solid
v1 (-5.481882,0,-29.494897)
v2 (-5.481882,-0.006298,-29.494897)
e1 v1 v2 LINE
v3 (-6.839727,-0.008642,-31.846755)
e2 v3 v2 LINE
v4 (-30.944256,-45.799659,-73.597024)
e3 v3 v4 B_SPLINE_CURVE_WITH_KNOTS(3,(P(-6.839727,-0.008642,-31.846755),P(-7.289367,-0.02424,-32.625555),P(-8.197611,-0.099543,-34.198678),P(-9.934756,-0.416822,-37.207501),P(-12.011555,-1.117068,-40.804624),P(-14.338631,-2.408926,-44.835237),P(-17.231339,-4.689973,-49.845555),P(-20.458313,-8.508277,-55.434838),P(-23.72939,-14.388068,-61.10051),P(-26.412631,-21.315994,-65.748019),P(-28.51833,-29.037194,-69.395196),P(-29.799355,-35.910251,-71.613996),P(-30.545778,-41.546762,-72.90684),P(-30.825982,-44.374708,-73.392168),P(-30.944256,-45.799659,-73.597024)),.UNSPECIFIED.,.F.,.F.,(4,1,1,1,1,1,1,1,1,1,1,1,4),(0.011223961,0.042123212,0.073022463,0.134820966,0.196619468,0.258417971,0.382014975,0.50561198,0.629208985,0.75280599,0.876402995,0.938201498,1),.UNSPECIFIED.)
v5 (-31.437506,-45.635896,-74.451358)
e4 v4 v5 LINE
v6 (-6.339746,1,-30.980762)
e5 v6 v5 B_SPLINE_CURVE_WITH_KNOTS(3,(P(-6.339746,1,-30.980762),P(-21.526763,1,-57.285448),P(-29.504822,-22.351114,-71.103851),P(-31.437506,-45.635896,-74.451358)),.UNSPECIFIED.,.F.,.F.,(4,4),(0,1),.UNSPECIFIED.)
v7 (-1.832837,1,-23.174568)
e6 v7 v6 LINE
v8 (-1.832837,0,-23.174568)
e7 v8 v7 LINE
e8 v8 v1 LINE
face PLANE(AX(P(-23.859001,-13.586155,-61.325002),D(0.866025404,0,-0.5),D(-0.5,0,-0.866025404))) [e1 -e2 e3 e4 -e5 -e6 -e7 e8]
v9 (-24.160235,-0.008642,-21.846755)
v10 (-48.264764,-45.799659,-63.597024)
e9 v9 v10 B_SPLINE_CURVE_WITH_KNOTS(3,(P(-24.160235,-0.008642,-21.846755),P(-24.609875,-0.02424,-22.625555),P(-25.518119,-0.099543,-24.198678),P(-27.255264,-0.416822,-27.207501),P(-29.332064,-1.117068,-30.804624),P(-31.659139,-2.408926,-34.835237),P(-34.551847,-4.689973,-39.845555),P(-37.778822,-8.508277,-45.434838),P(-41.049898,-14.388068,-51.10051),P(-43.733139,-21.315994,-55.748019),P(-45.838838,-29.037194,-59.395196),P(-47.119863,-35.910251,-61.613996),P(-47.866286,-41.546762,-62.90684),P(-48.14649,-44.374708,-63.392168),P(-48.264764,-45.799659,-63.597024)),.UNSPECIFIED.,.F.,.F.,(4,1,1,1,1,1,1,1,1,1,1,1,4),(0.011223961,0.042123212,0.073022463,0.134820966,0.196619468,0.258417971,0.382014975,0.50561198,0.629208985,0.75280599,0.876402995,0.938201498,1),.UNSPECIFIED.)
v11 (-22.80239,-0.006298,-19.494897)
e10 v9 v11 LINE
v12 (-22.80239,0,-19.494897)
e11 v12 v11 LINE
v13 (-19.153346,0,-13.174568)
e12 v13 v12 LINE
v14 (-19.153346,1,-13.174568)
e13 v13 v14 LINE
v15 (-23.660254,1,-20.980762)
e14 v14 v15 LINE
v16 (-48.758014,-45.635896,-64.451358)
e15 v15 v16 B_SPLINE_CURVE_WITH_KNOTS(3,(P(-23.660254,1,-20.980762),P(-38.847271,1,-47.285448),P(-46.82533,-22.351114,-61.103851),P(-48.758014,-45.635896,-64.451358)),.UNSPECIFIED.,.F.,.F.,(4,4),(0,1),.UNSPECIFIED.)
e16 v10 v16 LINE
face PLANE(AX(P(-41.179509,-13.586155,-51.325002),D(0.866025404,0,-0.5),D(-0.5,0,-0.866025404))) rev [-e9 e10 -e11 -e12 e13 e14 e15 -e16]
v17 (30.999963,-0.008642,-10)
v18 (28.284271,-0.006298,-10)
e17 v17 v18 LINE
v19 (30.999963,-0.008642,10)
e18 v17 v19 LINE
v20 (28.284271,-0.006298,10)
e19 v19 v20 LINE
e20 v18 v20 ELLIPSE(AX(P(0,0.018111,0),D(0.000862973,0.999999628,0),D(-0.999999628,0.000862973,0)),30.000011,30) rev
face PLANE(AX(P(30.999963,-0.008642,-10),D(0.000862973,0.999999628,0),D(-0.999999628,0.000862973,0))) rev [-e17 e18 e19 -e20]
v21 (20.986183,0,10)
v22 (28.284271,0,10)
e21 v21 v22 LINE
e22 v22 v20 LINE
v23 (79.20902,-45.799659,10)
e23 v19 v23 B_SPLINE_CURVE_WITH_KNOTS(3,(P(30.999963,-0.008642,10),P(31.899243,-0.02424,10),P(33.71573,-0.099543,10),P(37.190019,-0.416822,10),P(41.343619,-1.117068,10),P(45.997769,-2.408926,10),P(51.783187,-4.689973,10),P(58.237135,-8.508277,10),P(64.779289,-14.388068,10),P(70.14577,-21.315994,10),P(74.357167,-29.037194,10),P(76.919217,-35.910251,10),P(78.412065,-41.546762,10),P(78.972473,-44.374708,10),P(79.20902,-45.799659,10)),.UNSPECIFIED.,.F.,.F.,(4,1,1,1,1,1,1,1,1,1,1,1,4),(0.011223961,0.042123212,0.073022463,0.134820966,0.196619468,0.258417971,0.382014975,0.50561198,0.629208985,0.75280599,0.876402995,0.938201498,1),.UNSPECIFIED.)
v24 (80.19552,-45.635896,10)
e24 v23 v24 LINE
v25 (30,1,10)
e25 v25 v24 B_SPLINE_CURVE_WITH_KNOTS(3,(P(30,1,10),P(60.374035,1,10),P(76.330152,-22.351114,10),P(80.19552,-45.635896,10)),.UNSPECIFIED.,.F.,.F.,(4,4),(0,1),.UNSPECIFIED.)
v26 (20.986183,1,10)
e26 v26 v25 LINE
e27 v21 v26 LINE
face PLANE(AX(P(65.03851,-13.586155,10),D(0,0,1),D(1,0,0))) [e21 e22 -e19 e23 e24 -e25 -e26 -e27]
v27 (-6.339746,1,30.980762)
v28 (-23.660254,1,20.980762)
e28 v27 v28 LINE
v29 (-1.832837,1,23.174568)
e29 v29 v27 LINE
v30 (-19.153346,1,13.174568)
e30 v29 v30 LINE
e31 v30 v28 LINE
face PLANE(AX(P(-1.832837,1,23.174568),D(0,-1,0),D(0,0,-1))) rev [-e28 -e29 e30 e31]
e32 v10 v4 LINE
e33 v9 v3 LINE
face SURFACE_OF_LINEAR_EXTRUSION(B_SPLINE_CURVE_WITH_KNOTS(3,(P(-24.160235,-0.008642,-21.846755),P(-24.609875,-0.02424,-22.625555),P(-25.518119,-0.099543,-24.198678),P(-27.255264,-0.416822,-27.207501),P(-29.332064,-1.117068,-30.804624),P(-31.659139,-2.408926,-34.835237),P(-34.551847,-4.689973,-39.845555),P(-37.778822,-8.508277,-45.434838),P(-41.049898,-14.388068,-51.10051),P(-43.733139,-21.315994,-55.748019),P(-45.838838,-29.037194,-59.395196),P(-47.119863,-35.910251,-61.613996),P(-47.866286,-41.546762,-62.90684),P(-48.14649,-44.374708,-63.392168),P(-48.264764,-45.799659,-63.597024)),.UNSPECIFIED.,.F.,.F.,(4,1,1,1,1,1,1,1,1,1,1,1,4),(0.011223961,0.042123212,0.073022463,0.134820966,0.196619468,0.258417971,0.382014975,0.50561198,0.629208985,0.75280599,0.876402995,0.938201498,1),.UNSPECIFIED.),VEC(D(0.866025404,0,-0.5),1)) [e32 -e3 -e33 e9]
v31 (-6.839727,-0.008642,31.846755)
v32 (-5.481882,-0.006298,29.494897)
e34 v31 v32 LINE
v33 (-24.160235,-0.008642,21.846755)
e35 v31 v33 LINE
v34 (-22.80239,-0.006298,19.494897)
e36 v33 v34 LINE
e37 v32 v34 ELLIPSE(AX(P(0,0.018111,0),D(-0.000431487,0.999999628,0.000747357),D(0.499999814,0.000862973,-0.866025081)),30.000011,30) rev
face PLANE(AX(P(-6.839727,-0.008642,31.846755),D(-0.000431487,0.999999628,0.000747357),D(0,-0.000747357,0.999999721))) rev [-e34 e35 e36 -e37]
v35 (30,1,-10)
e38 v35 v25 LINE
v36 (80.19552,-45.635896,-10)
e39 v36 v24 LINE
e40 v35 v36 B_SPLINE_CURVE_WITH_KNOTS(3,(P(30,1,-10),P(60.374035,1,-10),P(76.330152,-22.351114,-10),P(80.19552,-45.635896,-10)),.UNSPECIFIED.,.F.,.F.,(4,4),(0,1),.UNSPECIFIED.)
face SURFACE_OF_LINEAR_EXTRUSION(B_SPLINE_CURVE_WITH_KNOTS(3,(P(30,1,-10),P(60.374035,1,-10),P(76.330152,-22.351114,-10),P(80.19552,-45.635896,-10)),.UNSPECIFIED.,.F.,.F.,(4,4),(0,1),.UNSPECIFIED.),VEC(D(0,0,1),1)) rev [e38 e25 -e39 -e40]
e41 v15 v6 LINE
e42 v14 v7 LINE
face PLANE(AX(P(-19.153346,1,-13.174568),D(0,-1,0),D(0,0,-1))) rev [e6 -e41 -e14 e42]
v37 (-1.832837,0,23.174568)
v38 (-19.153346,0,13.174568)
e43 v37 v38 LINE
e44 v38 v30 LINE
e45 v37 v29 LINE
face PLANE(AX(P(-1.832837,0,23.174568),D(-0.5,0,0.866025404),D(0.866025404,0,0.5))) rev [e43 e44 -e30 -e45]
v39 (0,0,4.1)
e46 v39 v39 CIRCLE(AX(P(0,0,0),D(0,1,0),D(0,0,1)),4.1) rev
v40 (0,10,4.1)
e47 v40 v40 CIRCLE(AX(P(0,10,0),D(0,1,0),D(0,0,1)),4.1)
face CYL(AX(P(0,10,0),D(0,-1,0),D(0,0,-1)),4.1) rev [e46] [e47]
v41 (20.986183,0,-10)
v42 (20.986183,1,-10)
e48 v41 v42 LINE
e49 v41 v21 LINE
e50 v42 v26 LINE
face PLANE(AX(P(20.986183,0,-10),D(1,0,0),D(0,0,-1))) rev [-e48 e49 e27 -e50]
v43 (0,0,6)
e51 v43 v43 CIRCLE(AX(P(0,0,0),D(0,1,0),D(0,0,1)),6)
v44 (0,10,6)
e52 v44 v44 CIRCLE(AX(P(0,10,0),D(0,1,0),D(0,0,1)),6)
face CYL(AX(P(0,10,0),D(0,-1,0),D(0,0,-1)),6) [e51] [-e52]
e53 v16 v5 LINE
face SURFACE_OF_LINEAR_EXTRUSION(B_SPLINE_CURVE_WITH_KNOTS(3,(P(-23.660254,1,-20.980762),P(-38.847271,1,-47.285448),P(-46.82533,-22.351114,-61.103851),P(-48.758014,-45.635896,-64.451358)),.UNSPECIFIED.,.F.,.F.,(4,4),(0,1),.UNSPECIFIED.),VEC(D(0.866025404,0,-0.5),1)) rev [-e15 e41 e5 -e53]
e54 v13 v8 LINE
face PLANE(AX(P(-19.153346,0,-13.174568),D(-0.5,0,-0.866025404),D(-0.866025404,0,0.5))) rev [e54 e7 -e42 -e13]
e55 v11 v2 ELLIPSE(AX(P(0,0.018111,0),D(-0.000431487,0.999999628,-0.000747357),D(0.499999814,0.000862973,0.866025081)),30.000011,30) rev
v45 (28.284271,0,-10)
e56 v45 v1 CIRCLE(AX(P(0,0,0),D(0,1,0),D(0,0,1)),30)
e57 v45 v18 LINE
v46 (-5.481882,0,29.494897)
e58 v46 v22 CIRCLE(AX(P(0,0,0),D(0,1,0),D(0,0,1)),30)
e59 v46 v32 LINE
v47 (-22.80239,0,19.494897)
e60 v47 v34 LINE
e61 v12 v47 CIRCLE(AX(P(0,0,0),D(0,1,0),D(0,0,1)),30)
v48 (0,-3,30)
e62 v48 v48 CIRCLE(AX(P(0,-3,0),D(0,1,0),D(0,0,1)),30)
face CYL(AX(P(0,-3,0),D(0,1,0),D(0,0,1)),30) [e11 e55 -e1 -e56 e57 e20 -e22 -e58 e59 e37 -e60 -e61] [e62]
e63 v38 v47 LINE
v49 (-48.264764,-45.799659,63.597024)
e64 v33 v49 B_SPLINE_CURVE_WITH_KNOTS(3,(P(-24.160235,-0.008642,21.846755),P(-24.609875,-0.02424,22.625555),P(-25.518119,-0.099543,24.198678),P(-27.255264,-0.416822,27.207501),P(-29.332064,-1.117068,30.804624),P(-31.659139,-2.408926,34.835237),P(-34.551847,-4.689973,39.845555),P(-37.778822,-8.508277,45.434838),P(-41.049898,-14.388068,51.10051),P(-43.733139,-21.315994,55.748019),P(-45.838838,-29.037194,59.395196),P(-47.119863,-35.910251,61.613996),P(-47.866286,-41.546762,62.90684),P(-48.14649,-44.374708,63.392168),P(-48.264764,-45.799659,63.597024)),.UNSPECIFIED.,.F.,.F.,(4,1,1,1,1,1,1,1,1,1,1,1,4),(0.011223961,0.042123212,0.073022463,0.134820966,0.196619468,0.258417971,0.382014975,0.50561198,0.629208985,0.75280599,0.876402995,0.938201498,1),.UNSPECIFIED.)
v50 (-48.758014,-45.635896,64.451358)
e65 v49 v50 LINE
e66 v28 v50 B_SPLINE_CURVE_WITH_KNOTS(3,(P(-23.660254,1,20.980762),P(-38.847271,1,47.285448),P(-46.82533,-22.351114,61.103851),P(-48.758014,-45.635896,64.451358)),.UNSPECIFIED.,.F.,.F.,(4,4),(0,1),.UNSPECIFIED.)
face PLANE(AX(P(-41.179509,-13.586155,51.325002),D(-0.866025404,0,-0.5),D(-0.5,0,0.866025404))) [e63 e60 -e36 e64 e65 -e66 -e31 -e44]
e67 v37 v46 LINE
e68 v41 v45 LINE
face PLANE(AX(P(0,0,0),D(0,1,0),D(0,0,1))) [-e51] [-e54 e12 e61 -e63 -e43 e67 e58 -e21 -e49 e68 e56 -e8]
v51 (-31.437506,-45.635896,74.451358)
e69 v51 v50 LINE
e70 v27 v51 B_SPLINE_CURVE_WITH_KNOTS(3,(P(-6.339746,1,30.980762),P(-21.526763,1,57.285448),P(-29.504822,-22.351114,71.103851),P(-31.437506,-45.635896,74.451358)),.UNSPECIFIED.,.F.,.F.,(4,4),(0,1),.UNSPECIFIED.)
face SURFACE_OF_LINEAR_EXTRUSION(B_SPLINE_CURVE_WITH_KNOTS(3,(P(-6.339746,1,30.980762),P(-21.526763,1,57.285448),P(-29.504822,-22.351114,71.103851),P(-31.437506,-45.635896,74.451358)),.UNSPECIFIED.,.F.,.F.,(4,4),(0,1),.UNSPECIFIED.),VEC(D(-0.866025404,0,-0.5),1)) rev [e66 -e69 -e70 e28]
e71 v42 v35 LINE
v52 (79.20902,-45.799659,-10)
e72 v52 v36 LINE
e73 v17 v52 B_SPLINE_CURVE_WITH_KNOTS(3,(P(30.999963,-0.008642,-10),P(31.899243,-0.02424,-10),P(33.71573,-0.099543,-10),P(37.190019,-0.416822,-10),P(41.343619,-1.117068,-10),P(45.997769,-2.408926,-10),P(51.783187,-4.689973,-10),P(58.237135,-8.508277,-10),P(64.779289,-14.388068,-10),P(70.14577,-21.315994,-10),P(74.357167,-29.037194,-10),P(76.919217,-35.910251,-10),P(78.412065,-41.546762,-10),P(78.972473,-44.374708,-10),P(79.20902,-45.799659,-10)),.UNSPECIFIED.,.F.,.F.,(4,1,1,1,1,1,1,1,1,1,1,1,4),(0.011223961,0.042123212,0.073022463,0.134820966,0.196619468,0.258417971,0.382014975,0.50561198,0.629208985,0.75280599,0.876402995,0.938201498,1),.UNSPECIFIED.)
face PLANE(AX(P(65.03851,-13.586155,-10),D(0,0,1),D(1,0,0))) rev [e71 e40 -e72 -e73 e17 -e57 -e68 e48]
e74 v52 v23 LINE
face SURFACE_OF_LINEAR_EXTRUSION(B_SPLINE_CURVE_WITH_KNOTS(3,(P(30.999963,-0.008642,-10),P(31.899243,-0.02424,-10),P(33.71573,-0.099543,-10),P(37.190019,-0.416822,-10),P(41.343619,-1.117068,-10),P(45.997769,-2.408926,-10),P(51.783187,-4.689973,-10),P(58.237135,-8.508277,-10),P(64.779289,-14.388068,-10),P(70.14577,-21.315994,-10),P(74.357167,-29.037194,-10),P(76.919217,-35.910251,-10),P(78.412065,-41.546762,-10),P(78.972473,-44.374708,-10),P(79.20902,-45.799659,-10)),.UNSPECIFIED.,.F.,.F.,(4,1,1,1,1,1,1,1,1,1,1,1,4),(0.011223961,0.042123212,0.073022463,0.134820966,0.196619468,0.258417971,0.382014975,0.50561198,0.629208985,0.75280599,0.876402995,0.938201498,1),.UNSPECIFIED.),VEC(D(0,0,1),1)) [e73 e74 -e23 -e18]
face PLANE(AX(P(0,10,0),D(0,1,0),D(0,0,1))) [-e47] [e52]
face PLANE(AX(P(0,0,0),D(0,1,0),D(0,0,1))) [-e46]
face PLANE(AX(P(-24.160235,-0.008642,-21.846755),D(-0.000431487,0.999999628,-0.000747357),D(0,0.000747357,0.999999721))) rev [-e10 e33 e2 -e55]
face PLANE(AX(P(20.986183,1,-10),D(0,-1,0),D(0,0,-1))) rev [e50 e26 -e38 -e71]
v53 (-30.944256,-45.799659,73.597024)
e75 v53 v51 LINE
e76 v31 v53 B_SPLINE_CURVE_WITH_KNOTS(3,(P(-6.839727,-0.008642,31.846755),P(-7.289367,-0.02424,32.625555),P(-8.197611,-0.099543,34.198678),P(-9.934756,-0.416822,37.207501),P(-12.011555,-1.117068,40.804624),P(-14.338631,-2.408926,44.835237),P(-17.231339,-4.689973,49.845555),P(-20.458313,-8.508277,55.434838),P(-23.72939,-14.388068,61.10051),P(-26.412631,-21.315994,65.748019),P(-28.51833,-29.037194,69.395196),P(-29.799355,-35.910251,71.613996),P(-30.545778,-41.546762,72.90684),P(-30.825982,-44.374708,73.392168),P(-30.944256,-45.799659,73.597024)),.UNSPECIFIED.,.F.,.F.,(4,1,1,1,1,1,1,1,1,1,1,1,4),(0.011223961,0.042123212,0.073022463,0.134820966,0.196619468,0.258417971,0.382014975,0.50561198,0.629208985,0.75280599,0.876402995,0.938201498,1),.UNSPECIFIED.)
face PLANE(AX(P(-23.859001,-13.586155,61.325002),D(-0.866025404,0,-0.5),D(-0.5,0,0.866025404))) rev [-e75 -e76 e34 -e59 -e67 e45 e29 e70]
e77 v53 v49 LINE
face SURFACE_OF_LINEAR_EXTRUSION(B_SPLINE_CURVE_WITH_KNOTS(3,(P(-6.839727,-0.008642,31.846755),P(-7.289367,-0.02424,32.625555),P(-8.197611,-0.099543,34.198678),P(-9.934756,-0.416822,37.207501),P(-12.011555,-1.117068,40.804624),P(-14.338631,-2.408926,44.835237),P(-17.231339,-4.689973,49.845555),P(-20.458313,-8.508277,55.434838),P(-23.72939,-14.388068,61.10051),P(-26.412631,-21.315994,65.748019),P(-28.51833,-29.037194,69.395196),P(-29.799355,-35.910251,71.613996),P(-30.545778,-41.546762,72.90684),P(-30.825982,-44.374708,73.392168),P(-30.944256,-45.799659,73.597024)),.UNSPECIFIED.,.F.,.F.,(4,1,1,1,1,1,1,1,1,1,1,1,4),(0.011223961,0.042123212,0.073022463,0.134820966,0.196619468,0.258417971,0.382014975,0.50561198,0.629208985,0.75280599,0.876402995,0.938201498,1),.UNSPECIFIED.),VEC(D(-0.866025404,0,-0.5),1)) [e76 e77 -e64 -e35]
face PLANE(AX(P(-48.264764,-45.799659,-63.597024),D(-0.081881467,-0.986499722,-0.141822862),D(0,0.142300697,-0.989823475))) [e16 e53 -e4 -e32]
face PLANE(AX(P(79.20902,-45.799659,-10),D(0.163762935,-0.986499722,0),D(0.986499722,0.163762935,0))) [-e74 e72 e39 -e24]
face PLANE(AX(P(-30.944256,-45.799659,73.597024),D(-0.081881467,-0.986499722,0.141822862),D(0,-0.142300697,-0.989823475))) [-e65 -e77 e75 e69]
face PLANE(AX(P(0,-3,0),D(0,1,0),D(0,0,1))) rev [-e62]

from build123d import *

# Parameters (mm, degrees)
SKETCH1_R           = 30
BOSS_EXTRUDE1_DEPTH = 3
SKETCH1_3_R         = 6
SKETCH1_3_R_2       = 4.1
BOSS_EXTRUDE2_DEPTH = 10
BOSS_EXTRUDE3_DEPTH = 10
CIRPATTERN4_COUNT   = 3


with BuildPart() as part:
    # Sketch1 → Boss-Extrude1 (new body)
    with BuildSketch(Plane(origin=(0, 0, 0), x_dir=(1, 0, 0), z_dir=(0, 1, 0))):
        Circle(SKETCH1_R)
    extrude(amount=-BOSS_EXTRUDE1_DEPTH)

    # Sketch1<3> → Boss-Extrude2 (add)
    with BuildSketch(Plane(origin=(0, 0, 0), x_dir=(1, 0, 0), z_dir=(0, 1, 0))):
        Circle(SKETCH1_3_R)
        Circle(SKETCH1_3_R_2, mode=Mode.SUBTRACT)
    extrude(amount=BOSS_EXTRUDE2_DEPTH)

    # Sketch3 → Boss-Extrude3 (add, symmetric)
    with BuildSketch(Plane.XY):
        with BuildLine():
            Line((20.986182934, 0), (20.986182934, 1))
            Line((20.986182934, 1), (30, 1))
            add(Edge.make_bspline(
                [(30, 1), (60.374034606, 1), (76.330152451, -22.351113915), (80.195520174, -45.635895635)],
                knots=[0, 0, 0, 0, 1, 1, 1, 1], degree=3))
            Line((80.195520174, -45.635895635), (79.209020453, -45.799658569))
            add(Edge.make_bspline(
                [(30.99996266, -0.008641626), (31.899242715, -0.024239786), (33.715729703, -0.099542856), (37.190019089, -0.416822027), (41.343618956, -1.117068291), (45.997769292, -2.40892623), (51.783186603, -4.689972725), (58.237135031, -8.508276888), (64.779288573, -14.388068011), (70.145770006, -21.31599418), (74.357167494, -29.037194285), (76.919217392, -35.910251352), (78.412064798, -41.54676245), (78.972472907, -44.374707991), (79.209020453, -45.799658569)],
                knots=[0.011223961, 0.011223961, 0.011223961, 0.011223961, 0.042123212, 0.073022463, 0.134820966, 0.196619468, 0.258417971, 0.382014975, 0.50561198, 0.629208985, 0.75280599, 0.876402995, 0.938201498, 1, 1, 1, 1], degree=3))
            Line((30.99996266, -0.008641626), (20.986182934, 0))
        make_face()
    boss_extrude3 = extrude(amount=BOSS_EXTRUDE3_DEPTH, both=True)

    # CirPattern4: Boss-Extrude3 ×3 about axis
    cirpattern4_axis = Axis((0, 10, 0), (0, -1, 0))
    for i in range(1, CIRPATTERN4_COUNT):
        add(boss_extrude3.rotate(cirpattern4_axis, i * 360 / CIRPATTERN4_COUNT))


solid = part.part
